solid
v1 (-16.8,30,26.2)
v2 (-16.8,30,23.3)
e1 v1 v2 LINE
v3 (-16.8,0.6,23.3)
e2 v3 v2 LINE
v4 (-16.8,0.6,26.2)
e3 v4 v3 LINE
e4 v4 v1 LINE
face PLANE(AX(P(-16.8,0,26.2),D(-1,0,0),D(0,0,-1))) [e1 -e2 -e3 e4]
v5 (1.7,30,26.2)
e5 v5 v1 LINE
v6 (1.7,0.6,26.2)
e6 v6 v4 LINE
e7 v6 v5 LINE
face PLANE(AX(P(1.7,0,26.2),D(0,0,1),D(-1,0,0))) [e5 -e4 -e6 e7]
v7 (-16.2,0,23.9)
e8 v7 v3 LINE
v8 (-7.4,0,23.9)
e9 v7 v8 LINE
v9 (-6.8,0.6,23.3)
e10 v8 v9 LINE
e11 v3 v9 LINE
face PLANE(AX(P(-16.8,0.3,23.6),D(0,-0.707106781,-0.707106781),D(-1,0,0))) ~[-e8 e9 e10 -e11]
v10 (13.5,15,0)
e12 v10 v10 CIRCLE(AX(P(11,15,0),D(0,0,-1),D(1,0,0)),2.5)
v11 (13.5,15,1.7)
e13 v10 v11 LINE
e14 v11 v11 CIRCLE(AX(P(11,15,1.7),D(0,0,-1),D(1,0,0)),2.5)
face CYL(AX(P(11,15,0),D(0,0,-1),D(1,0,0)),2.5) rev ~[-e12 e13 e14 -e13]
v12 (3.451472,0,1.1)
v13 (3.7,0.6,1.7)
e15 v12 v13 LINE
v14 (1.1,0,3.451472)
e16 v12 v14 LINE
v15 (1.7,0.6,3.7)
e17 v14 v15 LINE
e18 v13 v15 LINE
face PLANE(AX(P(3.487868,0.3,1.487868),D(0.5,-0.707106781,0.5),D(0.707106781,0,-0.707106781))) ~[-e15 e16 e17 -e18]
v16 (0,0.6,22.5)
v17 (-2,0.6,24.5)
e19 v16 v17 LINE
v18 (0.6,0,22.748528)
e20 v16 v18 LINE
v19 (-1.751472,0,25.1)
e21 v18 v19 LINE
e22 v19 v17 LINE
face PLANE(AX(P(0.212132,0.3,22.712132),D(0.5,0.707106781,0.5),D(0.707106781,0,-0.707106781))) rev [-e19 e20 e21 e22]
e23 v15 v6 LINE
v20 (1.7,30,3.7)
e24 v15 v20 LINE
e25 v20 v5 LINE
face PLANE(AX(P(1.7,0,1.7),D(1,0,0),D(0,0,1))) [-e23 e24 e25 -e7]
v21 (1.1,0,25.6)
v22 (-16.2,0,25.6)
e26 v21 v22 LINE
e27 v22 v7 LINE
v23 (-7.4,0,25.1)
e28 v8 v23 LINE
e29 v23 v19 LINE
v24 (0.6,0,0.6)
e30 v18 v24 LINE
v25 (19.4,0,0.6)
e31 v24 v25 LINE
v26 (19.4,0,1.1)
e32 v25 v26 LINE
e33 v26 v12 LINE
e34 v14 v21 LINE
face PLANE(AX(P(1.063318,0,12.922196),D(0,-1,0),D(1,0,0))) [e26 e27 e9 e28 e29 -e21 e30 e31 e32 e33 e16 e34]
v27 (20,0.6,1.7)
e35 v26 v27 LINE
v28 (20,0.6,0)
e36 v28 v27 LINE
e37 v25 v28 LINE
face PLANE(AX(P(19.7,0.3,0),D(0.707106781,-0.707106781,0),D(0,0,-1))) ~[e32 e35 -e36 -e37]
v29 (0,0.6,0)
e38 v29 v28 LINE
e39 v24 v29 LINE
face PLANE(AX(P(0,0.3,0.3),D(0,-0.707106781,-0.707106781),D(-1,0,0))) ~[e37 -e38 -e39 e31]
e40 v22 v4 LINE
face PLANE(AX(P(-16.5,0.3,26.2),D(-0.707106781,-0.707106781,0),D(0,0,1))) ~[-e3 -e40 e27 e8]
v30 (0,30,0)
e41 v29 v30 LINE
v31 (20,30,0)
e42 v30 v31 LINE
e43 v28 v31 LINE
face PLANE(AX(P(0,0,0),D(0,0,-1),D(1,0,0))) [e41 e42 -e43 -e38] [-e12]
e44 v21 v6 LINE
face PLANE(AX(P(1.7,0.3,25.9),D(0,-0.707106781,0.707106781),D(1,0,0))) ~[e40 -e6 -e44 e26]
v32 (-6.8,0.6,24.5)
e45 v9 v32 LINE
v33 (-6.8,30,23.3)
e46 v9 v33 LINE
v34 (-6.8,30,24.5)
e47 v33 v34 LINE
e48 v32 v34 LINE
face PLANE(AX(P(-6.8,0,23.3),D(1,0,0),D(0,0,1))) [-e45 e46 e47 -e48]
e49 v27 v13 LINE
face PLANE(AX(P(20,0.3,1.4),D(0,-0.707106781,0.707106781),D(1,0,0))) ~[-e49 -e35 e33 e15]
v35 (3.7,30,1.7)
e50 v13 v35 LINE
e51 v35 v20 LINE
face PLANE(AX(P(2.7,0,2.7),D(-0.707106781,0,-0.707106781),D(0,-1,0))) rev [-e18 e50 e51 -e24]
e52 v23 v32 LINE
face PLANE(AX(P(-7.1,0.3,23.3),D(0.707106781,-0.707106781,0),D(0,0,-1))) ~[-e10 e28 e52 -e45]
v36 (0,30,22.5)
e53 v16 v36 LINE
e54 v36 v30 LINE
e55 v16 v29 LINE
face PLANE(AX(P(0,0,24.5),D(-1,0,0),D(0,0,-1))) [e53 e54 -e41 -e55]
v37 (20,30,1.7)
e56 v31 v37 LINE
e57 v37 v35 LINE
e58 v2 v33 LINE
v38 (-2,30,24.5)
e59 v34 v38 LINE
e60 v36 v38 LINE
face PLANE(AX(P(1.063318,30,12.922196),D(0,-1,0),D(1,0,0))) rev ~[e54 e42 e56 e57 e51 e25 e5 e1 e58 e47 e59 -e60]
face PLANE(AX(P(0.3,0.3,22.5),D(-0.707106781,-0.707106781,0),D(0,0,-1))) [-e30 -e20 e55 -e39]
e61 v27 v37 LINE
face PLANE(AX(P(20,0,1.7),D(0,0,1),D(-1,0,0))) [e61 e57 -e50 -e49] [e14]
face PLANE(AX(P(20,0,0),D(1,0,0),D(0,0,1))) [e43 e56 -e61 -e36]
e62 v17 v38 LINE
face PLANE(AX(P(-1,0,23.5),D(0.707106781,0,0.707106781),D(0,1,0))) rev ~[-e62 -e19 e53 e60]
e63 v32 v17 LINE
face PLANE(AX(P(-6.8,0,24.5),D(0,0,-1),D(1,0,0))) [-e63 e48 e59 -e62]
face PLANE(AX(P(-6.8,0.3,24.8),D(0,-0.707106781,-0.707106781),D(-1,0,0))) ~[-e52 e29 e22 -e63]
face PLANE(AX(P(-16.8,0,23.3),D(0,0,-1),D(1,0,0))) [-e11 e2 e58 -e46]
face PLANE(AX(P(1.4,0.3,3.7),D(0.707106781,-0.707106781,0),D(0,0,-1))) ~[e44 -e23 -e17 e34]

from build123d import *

# Parameters (mm, degrees)
F1_DEPTH = 30
F2_SIZE  = 2
F3_SIZE  = 0.6
F4_R     = 2.5
F5_DEPTH = 1.7


with BuildPart() as f1:
    # F0 (on Front) → F1 (new body)
    with BuildSketch(Plane.XZ):
        Polygon((0, 24.5), (0, 0), (20, 0), (20, 1.7), (1.7, 1.7), (1.7, 26.2), (-16.8, 26.2), (-16.8, 23.3), (-6.8, 23.3), (-6.8, 24.5), align=None)
    extrude(amount=-F1_DEPTH)

    # F2
    f2_edges = [f1.edges().sort_by_distance(p)[0] for p in [
        (1.7, 15, 1.7),
        (0, 15, 24.5),
    ]]
    chamfer(f2_edges, length=F2_SIZE)

    # F3
    f3_edges = [f1.edges().sort_by_distance(p)[0] for p in [
        (1.7, 0, 14.95),
        (2.7, 0, 2.7),
        (-7.55, 0, 26.2),
        (11.85, 0, 1.7),
        (-16.8, 0, 24.75),
        (20, 0, 0.85),
        (-11.8, 0, 23.3),
        (10, 0, 0),
        (-6.8, 0, 23.9),
        (0, 0, 11.25),
        (-4.4, 0, 24.5),
        (-1, 0, 23.5),
    ]]
    chamfer(f3_edges, length=F3_SIZE)

    # F4 (on face) → F5 (cut, through all)
    with BuildSketch(Plane(origin=(0, 0, 0), x_dir=(1, 0, 0), z_dir=(0, 0, -1))):
        with Locations((11, -15)):
            Circle(F4_R)
    extrude(amount=-F5_DEPTH, mode=Mode.SUBTRACT)


solid = f1.part
